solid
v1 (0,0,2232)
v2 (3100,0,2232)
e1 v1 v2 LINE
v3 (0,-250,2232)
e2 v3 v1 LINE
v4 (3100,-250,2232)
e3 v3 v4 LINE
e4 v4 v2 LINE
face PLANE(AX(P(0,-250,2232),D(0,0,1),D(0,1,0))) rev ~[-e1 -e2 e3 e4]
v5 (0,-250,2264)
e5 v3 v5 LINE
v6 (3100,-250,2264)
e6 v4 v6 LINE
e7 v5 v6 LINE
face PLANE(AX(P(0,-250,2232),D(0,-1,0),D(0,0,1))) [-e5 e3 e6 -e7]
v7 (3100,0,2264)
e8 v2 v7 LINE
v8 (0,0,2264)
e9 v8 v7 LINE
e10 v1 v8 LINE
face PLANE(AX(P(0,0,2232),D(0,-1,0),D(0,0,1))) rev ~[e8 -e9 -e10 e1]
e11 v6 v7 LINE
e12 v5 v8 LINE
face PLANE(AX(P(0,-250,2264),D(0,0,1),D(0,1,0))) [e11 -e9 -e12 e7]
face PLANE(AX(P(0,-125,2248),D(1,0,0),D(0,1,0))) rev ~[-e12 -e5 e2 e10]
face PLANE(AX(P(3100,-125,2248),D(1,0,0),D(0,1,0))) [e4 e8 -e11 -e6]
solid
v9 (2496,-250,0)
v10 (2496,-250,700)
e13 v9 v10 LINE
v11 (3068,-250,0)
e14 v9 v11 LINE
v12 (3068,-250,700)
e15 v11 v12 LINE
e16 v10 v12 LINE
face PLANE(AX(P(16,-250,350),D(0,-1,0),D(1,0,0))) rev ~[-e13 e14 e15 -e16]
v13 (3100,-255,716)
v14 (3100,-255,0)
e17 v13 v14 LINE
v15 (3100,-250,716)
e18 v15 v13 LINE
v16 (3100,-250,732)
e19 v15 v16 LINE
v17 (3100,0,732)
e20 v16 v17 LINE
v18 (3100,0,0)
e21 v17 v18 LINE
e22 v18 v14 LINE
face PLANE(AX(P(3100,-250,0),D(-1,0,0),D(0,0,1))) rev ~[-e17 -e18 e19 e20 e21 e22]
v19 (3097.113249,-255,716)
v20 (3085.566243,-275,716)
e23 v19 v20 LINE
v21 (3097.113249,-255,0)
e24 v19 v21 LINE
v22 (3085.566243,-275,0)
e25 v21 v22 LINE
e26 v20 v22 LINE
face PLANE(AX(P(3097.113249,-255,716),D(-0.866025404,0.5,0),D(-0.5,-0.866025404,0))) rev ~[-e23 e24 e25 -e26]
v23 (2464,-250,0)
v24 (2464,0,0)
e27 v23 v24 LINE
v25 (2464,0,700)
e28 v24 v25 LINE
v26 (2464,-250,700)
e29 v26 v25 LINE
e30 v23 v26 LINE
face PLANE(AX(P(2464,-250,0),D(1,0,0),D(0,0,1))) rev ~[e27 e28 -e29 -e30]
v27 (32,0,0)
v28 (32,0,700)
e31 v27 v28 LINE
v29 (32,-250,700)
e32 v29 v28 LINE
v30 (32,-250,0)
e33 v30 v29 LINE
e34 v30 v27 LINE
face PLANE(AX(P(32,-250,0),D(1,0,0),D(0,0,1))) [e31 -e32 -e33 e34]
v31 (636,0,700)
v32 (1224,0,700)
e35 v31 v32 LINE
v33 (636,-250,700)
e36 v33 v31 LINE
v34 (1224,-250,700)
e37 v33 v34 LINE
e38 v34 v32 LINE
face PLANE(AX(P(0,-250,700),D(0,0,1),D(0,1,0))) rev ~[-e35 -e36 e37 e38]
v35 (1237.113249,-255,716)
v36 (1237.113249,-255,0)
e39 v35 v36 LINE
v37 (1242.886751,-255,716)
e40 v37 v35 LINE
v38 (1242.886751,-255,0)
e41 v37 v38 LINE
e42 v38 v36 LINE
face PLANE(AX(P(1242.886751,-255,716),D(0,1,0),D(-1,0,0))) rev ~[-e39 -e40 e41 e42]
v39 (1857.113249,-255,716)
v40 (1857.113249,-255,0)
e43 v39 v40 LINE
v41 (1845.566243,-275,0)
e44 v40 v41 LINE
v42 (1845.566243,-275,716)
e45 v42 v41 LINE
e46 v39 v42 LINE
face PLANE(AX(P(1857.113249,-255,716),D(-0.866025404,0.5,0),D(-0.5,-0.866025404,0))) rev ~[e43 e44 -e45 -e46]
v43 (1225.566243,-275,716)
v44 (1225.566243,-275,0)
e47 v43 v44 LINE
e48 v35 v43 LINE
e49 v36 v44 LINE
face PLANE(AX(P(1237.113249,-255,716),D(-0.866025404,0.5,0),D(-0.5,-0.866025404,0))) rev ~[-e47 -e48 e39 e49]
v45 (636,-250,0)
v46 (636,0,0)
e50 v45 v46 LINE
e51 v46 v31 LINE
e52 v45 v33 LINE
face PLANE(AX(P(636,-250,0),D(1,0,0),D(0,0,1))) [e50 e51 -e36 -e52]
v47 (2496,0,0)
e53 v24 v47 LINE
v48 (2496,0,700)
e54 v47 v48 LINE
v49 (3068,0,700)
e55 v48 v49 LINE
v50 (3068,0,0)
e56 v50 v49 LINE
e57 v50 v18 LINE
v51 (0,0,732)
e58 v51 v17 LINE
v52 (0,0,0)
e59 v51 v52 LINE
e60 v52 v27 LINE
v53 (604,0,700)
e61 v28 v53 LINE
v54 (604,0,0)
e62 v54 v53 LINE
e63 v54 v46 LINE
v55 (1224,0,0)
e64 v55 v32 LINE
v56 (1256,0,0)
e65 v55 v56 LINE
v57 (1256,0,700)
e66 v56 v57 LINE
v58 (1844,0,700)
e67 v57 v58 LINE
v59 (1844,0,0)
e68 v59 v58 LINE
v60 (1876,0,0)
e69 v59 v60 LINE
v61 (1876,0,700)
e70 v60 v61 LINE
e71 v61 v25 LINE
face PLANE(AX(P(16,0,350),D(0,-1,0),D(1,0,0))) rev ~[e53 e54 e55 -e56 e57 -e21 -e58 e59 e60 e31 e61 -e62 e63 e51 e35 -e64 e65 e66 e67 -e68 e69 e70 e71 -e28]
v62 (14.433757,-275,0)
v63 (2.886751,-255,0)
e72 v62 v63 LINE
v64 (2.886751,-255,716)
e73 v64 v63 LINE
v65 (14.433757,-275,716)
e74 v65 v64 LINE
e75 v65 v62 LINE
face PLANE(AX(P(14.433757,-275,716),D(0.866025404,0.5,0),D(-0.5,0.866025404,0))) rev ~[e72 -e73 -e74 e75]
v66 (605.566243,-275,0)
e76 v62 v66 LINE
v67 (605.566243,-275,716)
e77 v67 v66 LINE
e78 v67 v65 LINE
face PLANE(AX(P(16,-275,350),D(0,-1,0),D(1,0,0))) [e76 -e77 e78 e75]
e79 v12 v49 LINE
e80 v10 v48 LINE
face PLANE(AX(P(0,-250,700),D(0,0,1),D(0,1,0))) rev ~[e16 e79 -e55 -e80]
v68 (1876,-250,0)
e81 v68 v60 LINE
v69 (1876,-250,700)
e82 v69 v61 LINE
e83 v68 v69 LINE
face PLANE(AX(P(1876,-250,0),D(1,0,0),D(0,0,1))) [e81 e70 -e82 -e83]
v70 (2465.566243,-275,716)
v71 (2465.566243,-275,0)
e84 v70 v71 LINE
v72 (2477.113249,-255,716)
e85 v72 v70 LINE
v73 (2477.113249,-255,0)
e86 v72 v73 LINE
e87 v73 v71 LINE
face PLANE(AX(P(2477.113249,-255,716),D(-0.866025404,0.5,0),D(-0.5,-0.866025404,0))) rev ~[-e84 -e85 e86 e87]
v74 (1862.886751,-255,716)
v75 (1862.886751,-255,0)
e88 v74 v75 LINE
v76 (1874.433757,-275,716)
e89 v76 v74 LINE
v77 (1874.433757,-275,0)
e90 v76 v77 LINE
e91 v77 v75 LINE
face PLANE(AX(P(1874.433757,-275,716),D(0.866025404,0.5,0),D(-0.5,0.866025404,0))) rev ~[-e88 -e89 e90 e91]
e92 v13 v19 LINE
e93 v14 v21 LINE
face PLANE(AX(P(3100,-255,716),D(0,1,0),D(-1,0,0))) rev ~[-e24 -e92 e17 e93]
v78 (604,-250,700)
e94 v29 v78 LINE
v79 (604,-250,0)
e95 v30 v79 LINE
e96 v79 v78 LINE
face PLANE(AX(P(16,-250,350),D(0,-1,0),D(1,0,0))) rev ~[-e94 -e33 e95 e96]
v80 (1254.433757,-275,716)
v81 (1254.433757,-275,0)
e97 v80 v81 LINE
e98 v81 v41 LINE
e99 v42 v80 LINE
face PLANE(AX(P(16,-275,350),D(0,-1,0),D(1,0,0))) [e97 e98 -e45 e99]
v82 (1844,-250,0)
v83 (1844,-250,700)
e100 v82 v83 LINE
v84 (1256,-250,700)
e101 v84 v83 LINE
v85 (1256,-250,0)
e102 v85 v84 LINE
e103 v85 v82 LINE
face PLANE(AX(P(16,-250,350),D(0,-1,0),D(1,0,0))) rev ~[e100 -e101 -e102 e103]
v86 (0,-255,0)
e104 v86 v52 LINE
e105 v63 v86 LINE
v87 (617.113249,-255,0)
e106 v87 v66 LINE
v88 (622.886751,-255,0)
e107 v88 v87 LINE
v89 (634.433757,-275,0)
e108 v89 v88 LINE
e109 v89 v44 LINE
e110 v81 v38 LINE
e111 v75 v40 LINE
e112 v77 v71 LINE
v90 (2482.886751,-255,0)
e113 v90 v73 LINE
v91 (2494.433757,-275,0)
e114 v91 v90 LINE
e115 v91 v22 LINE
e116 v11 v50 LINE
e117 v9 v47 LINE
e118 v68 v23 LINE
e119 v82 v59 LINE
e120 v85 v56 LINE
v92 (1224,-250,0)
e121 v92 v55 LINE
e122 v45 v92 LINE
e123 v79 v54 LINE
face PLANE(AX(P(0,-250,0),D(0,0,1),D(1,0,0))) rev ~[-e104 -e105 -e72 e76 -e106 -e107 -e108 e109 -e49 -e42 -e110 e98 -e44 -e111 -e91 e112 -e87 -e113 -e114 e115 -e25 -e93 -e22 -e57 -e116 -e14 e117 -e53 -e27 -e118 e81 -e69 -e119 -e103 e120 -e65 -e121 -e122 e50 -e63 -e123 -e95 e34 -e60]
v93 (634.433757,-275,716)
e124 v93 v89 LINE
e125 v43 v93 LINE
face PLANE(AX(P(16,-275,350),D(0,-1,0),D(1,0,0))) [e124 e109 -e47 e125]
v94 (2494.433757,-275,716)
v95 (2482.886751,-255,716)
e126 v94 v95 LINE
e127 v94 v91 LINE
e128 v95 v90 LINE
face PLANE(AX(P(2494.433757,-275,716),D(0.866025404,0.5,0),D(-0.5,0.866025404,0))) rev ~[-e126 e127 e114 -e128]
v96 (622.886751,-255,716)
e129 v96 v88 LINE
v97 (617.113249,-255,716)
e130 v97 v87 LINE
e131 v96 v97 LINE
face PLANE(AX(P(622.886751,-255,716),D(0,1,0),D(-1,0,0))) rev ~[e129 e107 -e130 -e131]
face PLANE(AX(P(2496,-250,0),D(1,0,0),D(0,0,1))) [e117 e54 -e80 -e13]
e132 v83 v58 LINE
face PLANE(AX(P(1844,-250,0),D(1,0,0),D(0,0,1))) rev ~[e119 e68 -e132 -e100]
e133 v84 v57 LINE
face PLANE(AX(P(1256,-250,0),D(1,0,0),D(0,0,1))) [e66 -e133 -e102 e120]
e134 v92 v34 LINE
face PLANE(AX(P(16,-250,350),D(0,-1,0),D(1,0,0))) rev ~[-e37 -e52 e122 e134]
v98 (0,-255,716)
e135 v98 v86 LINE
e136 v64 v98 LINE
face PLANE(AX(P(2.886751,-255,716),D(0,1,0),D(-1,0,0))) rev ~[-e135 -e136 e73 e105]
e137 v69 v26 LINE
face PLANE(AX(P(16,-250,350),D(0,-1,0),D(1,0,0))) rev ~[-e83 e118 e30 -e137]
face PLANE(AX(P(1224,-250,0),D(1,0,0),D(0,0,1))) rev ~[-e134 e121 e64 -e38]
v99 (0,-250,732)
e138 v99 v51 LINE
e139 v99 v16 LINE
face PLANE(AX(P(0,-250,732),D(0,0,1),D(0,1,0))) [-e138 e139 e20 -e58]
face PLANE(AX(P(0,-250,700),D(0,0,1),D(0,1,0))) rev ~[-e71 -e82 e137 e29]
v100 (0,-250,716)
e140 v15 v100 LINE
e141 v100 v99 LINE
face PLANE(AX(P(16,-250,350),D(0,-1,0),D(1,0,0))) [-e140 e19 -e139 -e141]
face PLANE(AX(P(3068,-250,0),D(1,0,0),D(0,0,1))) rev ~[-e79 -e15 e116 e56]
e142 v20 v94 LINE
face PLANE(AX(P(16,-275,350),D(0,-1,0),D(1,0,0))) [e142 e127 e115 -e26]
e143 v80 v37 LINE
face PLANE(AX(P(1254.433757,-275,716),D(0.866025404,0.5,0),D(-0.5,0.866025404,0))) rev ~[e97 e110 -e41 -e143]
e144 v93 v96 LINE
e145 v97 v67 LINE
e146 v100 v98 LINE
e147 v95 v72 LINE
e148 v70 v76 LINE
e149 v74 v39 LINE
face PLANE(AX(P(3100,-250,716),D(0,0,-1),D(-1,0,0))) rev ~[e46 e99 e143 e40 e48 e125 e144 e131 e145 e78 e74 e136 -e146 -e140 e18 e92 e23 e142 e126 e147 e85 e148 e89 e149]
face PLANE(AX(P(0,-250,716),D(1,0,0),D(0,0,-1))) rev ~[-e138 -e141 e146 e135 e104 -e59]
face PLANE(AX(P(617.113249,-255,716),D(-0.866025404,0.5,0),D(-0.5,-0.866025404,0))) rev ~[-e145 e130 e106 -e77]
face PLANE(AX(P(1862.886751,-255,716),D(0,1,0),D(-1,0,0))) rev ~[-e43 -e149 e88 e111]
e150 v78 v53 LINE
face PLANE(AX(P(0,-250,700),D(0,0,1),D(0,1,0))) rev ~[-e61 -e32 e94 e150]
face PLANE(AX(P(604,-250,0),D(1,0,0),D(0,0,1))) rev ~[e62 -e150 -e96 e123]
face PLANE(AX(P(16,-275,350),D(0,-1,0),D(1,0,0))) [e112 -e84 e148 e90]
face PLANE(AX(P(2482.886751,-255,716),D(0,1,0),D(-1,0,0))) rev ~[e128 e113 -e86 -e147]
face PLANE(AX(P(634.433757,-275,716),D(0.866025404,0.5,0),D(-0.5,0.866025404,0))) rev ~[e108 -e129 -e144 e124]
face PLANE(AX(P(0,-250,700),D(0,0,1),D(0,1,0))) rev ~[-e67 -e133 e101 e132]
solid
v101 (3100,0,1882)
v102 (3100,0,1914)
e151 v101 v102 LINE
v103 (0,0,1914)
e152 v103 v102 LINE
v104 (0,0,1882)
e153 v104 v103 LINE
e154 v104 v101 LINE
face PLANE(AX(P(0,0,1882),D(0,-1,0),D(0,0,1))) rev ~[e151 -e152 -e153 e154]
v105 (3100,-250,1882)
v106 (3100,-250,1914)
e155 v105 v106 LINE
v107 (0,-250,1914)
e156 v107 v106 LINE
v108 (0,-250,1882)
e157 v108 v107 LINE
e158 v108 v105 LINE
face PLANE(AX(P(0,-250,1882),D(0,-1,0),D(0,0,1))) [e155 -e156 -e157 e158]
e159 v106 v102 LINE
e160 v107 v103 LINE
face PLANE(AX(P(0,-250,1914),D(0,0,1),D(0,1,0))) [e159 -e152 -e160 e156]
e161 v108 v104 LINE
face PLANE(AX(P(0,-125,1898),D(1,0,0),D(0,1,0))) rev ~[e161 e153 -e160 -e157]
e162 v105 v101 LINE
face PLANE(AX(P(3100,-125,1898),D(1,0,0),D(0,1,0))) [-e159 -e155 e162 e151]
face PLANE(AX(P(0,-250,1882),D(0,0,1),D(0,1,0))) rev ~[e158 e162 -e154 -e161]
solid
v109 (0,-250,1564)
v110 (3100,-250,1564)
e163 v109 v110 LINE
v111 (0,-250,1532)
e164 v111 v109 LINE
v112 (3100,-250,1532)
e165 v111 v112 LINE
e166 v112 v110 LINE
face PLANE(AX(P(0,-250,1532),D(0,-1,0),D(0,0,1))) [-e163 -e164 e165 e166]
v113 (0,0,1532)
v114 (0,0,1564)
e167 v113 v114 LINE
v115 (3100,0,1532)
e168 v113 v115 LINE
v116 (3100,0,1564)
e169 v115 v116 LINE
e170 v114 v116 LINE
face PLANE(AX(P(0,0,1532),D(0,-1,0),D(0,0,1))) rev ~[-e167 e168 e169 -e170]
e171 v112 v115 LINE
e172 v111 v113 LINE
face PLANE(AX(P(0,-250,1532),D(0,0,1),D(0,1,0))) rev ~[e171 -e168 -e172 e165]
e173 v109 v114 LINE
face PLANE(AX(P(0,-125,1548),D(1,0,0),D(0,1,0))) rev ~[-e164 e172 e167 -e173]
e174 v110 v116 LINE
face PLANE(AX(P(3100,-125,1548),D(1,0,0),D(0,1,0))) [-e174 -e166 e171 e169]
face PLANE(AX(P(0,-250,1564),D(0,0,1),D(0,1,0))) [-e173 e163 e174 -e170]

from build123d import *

# Parameters (mm, degrees)
F0_W     = 250
F0_H     = 32
F1_DEPTH = 3100
F2_W     = 32
F2_H     = 700
F2_W_2   = 16
F3_DEPTH = 250
F2_H_2   = 16
F2_W_3   = 572
F2_W_4   = 588
F4_DEPTH = 25
F6_DEPTH = 716


with BuildPart() as f1:
    # F0 (on Right) → F1 (new body)
    with BuildSketch(Plane.YZ):
        with Locations((-125, 716)):
            Rectangle(F0_W, F0_H)
    extrude(amount=F1_DEPTH)

    # F2 (on face) → F3 (join, through all)
    with BuildSketch(Plane.XZ.offset(250)):
        with Locations((16, 350)):
            Rectangle(F2_W, F2_H)
        with Locations((612, 350)):
            Rectangle(F2_W_2, F2_H)
        with Locations((628, 350)):
            Rectangle(F2_W_2, F2_H)
        with Locations((1232, 350)):
            Rectangle(F2_W_2, F2_H)
        with Locations((1248, 350)):
            Rectangle(F2_W_2, F2_H)
        with Locations((1868, 350)):
            Rectangle(F2_W_2, F2_H)
        with Locations((1852, 350)):
            Rectangle(F2_W_2, F2_H)
        with Locations((2488, 350)):
            Rectangle(F2_W_2, F2_H)
        with Locations((2472, 350)):
            Rectangle(F2_W_2, F2_H)
        with Locations((3084, 350)):
            Rectangle(F2_W, F2_H)
    extrude(amount=-F3_DEPTH)

    # F2 (on face) → F4 (join)
    with BuildSketch(Plane.XZ.offset(250)):
        with Locations((16, 350)):
            Rectangle(F2_W, F2_H)
        with Locations((16, 708)):
            Rectangle(F2_W, F2_H_2)
        with Locations((318, 708)):
            Rectangle(F2_W_3, F2_H_2)
        with Locations((318, 350)):
            Rectangle(F2_W_3, F2_H)
        with Locations((612, 350)):
            Rectangle(F2_W_2, F2_H)
        with Locations((612, 708)):
            Rectangle(F2_W_2, F2_H_2)
        with Locations((930, 350)):
            Rectangle(F2_W_4, F2_H)
        with Locations((628, 350)):
            Rectangle(F2_W_2, F2_H)
        with Locations((628, 708)):
            Rectangle(F2_W_2, F2_H_2)
        with Locations((930, 708)):
            Rectangle(F2_W_4, F2_H_2)
        with Locations((1232, 708)):
            Rectangle(F2_W_2, F2_H_2)
        with Locations((1232, 350)):
            Rectangle(F2_W_2, F2_H)
        with Locations((1248, 350)):
            Rectangle(F2_W_2, F2_H)
        with Locations((1248, 708)):
            Rectangle(F2_W_2, F2_H_2)
        with Locations((1550, 708)):
            Rectangle(F2_W_4, F2_H_2)
        with Locations((1550, 350)):
            Rectangle(F2_W_4, F2_H)
        with Locations((1852, 708)):
            Rectangle(F2_W_2, F2_H_2)
        with Locations((1852, 350)):
            Rectangle(F2_W_2, F2_H)
        with Locations((1868, 350)):
            Rectangle(F2_W_2, F2_H)
        with Locations((1868, 708)):
            Rectangle(F2_W_2, F2_H_2)
        with Locations((2170, 708)):
            Rectangle(F2_W_4, F2_H_2)
        with Locations((2170, 350)):
            Rectangle(F2_W_4, F2_H)
        with Locations((2472, 708)):
            Rectangle(F2_W_2, F2_H_2)
        with Locations((2472, 350)):
            Rectangle(F2_W_2, F2_H)
        with Locations((2488, 350)):
            Rectangle(F2_W_2, F2_H)
        with Locations((2488, 708)):
            Rectangle(F2_W_2, F2_H_2)
        with Locations((2782, 708)):
            Rectangle(F2_W_3, F2_H_2)
        with Locations((2782, 350)):
            Rectangle(F2_W_3, F2_H)
        with Locations((3084, 350)):
            Rectangle(F2_W, F2_H)
        with Locations((3084, 708)):
            Rectangle(F2_W, F2_H_2)
    extrude(amount=F4_DEPTH)

    # F5 (on face) → F6 (cut, through all)
    with BuildSketch(Plane.XY.offset(716)):
        Polygon((14.4337567297, -275), (2.8867513459, -255), (0, -255), (0, -275), align=None)
        Polygon((634.4337567297, -275), (622.8867513459, -255), (617.1132486541, -255), (605.5662432703, -275), align=None)
        Polygon((1254.4337567297, -275), (1242.8867513459, -255), (1237.1132486541, -255), (1225.5662432703, -275), align=None)
        Polygon((1874.4337567297, -275), (1862.8867513459, -255), (1857.1132486541, -255), (1845.5662432703, -275), align=None)
        Polygon((2494.4337567297, -275), (2482.8867513459, -255), (2477.1132486541, -255), (2465.5662432703, -275), align=None)
        Polygon((3100, -255), (3097.1132486541, -255), (3085.5662432703, -275), (3100, -275), align=None)
    extrude(amount=-F6_DEPTH, mode=Mode.SUBTRACT)


with BuildPart() as f1b:
    # F0 (on Right) → F1, piece 2 (new body)
    with BuildSketch(Plane.YZ):
        with Locations((-125, 1548)):
            Rectangle(F0_W, F0_H)
    extrude(amount=F1_DEPTH)


with BuildPart() as f1c:
    # F0 (on Right) → F1, piece 3 (new body)
    with BuildSketch(Plane.YZ):
        with Locations((-125, 2248)):
            Rectangle(F0_W, F0_H)
    extrude(amount=F1_DEPTH)


with BuildPart() as f1d:
    # F0 (on Right) → F1, piece 4 (new body)
    with BuildSketch(Plane.YZ):
        with Locations((-125, 1898)):
            Rectangle(F0_W, F0_H)
    extrude(amount=F1_DEPTH)


solid = Compound([f1.part, f1b.part, f1c.part, f1d.part])
